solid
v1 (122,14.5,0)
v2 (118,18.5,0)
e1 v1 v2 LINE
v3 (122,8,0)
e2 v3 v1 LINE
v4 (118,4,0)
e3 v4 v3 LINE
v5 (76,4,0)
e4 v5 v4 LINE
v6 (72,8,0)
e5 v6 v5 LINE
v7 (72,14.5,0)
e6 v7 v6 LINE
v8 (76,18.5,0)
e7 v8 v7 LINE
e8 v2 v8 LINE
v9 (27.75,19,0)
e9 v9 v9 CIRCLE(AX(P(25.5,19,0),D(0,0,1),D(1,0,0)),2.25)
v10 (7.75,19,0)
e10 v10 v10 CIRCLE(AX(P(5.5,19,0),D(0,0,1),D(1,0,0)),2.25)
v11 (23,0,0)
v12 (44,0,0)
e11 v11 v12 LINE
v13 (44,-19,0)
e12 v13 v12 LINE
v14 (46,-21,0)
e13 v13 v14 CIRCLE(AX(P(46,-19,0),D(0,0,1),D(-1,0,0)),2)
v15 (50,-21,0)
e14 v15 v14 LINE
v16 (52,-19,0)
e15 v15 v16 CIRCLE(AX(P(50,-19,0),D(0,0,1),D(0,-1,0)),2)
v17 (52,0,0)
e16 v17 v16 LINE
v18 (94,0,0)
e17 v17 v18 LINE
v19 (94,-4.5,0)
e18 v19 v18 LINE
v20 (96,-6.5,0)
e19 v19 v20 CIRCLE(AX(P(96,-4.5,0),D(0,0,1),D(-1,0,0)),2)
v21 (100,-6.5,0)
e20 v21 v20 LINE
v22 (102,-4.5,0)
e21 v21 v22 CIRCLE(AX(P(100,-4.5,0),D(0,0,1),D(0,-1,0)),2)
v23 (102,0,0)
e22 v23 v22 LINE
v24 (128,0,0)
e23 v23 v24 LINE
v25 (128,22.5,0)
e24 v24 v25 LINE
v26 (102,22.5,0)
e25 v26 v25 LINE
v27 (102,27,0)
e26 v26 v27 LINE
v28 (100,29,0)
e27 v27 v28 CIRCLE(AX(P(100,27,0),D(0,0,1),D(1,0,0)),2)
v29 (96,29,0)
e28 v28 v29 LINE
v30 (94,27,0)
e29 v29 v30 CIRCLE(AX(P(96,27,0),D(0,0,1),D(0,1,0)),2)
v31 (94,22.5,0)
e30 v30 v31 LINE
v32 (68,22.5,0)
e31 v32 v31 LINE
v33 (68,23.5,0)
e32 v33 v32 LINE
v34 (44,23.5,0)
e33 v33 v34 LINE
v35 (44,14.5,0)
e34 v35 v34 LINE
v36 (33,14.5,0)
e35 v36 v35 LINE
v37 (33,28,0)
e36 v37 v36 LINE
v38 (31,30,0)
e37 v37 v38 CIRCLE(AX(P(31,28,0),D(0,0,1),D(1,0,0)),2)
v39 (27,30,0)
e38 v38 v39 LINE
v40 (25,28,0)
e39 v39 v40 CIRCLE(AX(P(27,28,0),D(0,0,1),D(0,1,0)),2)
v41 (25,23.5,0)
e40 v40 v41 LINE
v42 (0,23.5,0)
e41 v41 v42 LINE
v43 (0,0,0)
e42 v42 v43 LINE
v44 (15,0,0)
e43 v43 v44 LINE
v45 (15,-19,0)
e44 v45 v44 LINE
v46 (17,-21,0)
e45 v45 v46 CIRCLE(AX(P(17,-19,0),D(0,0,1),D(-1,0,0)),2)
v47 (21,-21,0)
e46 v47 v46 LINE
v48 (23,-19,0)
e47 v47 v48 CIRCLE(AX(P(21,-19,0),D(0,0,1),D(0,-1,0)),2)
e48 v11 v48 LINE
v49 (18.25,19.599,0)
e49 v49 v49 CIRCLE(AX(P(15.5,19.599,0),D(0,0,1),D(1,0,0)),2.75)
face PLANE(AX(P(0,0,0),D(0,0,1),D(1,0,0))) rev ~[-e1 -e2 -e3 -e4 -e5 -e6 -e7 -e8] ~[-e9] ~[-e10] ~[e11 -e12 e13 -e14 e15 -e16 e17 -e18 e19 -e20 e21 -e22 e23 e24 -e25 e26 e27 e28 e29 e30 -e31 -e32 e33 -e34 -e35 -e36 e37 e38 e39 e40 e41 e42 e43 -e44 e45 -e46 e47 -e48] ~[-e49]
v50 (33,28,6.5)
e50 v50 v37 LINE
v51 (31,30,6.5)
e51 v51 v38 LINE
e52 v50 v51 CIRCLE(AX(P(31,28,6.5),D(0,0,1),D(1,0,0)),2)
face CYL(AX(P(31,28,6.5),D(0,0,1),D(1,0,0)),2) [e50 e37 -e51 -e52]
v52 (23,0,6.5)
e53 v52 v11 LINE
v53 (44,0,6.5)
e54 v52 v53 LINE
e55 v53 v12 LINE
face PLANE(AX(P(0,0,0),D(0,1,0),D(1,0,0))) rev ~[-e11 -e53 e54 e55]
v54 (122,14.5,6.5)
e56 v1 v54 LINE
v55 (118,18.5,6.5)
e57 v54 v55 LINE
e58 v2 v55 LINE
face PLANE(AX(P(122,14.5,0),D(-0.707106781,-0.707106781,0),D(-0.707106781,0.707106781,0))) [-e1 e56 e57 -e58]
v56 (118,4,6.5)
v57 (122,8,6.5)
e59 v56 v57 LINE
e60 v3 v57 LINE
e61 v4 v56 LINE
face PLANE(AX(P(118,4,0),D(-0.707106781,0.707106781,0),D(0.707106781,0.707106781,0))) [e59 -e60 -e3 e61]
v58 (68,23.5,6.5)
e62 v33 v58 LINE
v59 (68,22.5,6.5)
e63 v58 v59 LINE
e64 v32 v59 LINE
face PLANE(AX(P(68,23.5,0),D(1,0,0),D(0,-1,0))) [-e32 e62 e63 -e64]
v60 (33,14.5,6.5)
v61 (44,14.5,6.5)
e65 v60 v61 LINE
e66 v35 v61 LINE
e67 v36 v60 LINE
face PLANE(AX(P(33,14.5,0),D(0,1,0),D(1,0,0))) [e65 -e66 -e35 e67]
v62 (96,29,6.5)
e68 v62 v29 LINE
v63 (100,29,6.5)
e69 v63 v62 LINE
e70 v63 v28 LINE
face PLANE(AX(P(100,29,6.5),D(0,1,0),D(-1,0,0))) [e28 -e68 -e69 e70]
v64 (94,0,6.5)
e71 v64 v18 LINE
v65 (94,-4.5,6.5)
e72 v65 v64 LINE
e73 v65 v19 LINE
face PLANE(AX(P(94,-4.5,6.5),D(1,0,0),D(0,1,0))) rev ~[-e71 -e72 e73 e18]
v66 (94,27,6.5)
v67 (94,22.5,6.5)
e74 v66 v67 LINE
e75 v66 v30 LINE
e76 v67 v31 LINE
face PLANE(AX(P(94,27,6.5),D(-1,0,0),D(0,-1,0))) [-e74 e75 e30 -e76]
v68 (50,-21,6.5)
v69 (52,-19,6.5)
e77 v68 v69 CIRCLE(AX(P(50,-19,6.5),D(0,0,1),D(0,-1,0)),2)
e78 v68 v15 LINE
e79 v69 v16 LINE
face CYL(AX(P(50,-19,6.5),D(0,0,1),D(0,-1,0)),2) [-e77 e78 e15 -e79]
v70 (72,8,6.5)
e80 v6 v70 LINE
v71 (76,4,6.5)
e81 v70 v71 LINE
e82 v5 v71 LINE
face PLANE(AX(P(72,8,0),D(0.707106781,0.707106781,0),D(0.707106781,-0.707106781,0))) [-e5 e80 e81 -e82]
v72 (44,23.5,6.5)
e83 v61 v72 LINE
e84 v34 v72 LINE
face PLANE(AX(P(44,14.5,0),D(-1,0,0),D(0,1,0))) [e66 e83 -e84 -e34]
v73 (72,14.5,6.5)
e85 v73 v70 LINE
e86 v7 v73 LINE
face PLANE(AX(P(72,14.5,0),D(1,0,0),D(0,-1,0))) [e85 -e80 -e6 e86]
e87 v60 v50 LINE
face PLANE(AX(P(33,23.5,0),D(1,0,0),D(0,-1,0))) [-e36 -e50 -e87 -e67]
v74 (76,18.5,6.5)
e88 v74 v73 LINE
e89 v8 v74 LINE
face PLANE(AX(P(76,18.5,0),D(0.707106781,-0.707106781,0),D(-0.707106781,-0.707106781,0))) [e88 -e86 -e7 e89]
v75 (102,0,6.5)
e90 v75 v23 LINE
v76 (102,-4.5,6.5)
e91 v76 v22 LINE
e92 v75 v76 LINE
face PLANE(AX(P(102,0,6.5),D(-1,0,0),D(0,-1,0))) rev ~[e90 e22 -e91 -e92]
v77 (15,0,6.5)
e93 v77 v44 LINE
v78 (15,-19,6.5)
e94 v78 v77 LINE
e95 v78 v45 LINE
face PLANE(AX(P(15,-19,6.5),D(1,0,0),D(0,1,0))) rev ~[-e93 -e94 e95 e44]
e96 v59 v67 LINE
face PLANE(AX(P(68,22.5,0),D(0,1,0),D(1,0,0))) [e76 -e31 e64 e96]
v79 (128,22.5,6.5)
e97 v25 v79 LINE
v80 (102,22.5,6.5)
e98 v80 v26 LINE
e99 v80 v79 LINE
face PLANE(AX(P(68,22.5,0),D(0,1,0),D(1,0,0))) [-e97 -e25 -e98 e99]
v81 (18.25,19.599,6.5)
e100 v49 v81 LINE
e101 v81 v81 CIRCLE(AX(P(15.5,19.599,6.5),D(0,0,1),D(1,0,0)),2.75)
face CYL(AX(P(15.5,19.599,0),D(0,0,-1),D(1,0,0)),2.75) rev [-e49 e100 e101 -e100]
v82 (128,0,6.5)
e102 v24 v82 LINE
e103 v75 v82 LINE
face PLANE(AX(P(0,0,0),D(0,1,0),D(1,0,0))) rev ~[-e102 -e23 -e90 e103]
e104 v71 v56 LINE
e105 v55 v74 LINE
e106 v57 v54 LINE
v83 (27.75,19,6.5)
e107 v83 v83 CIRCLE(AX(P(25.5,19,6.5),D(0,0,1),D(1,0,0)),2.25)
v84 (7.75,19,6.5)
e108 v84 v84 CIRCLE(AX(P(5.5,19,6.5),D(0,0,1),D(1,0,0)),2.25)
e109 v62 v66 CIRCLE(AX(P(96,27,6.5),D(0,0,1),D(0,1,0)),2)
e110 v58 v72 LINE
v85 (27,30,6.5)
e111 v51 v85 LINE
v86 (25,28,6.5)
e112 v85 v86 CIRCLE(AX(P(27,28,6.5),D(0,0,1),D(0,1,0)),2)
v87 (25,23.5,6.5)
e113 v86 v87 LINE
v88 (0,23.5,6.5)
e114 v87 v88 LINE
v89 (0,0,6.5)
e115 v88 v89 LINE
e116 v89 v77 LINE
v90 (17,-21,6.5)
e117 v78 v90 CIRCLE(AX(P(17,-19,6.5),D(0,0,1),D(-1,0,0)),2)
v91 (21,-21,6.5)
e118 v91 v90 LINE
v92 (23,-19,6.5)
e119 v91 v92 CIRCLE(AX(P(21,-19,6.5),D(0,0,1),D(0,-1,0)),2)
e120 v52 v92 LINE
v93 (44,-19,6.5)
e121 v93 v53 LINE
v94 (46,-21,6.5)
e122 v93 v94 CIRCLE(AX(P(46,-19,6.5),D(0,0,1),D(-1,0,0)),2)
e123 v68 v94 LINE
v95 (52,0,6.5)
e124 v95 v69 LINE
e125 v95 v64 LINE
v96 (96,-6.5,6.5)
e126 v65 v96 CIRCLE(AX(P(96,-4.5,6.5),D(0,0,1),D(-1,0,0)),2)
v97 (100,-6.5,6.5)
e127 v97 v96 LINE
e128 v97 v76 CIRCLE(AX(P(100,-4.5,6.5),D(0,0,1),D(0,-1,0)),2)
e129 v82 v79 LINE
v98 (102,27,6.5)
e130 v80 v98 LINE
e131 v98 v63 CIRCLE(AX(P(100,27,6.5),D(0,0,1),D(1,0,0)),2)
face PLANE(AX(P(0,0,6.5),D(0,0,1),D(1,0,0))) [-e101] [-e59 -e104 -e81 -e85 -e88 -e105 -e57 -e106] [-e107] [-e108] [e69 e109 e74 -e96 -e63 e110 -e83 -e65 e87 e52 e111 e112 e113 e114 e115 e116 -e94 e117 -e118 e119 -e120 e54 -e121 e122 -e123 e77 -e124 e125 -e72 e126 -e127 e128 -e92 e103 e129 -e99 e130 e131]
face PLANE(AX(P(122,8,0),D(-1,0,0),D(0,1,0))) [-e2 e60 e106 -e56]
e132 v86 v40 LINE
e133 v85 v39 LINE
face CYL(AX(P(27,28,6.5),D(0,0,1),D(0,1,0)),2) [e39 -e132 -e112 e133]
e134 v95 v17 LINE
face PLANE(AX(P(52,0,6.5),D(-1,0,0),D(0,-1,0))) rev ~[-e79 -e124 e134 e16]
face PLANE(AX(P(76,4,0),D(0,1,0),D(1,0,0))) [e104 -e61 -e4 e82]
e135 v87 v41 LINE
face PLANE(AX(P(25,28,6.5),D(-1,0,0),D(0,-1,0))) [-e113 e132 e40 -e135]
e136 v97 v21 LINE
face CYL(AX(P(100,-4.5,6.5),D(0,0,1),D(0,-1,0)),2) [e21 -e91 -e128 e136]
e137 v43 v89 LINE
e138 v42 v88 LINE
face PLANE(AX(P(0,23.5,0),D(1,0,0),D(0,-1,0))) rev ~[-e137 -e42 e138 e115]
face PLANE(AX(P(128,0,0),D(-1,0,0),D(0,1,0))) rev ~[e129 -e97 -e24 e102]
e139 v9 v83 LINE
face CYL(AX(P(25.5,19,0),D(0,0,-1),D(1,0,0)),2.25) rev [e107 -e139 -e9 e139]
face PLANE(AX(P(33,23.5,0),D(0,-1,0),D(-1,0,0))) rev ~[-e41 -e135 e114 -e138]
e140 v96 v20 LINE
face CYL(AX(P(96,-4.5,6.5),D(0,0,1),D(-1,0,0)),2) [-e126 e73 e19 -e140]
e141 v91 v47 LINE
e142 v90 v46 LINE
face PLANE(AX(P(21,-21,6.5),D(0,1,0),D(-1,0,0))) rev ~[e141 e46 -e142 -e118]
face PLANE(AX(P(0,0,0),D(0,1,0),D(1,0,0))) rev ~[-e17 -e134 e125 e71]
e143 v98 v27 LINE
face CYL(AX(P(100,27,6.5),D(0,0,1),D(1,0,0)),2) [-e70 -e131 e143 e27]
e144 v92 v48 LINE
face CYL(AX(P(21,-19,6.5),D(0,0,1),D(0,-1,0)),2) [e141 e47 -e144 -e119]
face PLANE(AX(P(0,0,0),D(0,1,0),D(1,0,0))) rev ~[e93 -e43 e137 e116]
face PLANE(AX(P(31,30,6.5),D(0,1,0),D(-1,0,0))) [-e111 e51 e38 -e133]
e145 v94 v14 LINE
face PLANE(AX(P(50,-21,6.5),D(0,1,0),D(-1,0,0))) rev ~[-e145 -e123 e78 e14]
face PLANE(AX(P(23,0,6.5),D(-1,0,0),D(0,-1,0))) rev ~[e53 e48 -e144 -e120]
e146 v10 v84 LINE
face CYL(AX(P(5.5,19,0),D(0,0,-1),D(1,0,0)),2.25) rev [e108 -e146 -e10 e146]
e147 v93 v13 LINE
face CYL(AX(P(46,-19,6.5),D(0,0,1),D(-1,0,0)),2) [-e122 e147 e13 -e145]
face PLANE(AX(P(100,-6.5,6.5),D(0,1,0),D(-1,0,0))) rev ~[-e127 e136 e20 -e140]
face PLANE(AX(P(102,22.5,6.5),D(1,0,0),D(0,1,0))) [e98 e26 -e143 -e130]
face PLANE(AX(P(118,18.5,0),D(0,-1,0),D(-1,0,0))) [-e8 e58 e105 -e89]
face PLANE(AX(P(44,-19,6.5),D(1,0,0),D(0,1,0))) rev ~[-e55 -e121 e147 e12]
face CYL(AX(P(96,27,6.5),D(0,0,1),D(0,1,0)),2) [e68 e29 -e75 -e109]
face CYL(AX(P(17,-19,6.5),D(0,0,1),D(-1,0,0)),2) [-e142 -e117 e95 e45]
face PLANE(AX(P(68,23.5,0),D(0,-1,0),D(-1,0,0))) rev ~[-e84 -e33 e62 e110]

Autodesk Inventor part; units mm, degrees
ref_plane "YZ Plane" through (0, 0, 0) normal (1, 0, 0) x (0, 1, 0)
ref_plane "XZ Plane" through (0, 0, 0) normal (0, 1, 0) x (-1, 0, 0)
ref_plane "XY Plane" through (0, 0, 0) normal (0, 0, 1) x (1, 0, 0)
sketch "Sketch1" plane through (0, 0, 0) normal (0, 0, 1) x (1, 0, 0)
  line L0 (0, 0) -> (128, 0)
  line L1 (128, 0) -> (128, 22.5)
  line L2 (0, 23.5) -> (0, 0)
  line L3 (68, 23.5) -> (68, 22.5)
  line L4 (68, 22.5) -> (128, 22.5)
  line L5 (33, 23.5) -> (33, 14.5)
  line L6 (33, 14.5) -> (44, 14.5)
  line L7 (44, 14.5) -> (44, 23.5)
  line L8 (68, 23.5) -> (44, 23.5)
  line L9 (33, 23.5) -> (0, 23.5)
  line L10 (72, 14.5) -> (72, 8)
  line L11 (72, 8) -> (76, 4)
  line L12 (76, 4) -> (118, 4)
  line L13 (118, 4) -> (122, 8)
  line L14 (122, 8) -> (122, 14.5)
  line L15 (122, 14.5) -> (118, 18.5)
  line L16 (118, 18.5) -> (76, 18.5)
  line L17 (76, 18.5) -> (72, 14.5)
  line L18 (68, 22.5) -> (68, 0) construction
  circle A0 centre (5.5, 19) radius 2.25
  circle A1 centre (25.5, 19) radius 2.25
  circle A2 centre (15.5, 19.599) radius 2.75
  circle A3 centre (38.5, 19.599) radius 7.5 construction
  circle A4 centre (38.5, 19.599) radius 4 construction
  point P0 (33, 19)
  dimension "d0" = 128
  dimension "d1" = 23.5
  dimension "d2" = 22.5
  dimension "d3" = 60
  dimension "d4" = 11
  dimension "d5" = 9
  dimension "d6" = 33
  dimension "d7" = 45
  dimension "d8" = 4
  dimension "d9" = 4
  dimension "d10" = 6
  dimension "d11" = 4
  dimension "d12" = 4
  dimension "d13" = 4.5
  dimension "d14" = 4.5
  dimension "d15" = 5.5
  dimension "d16" = 20
  dimension "d17" = 5.5
  dimension "d18" = 8
  dimension "d19" = 15
  dimension "d20" = 10
extrude "Extrusion1" add sketch "Sketch1" along normal blind 6.5
sketch "Sketch2" plane through (0, 0, 6.5) normal (0, 0, 1) x (1, 0, 0)
  line L0 (0, 0) -> (128, 0) projected
  line L1 (128, 0) -> (128, 22.5) projected
  line L2 (128, 22.5) -> (68, 22.5) projected
  line L3 (33, 23.5) -> (0, 23.5) projected
  line L4 (0, 23.5) -> (0, 0) projected
  line L5 (25, 23.5) -> (33, 23.5)
  line L6 (33, 23.5) -> (33, 28)
  line L7 (31, 30) -> (27, 30)
  line L8 (25, 28) -> (25, 23.5)
  line L9 (94, 22.5) -> (102, 22.5)
  line L10 (102, 22.5) -> (102, 27)
  line L11 (100, 29) -> (96, 29)
  line L12 (94, 27) -> (94, 22.5)
  line L13 (15, 0) -> (23, 0)
  line L14 (23, 0) -> (23, -19)
  line L15 (21, -21) -> (17, -21)
  line L16 (15, -19) -> (15, 0)
  line L17 (44, 0) -> (52, 0)
  line L18 (52, 0) -> (52, -19)
  line L19 (50, -21) -> (46, -21)
  line L20 (44, -19) -> (44, 0)
  line L21 (94, 0) -> (102, 0)
  line L22 (102, 0) -> (102, -4.5)
  line L23 (100, -6.5) -> (96, -6.5)
  line L24 (94, -4.5) -> (94, 0)
  arc A0 (27, 30) -> (25, 28) centre (27, 28) ccw
  arc A1 (33, 28) -> (31, 30) centre (31, 28) ccw
  arc A2 (96, 29) -> (94, 27) centre (96, 27) ccw
  arc A3 (102, 27) -> (100, 29) centre (100, 27) ccw
  arc A4 (15, -19) -> (17, -21) centre (17, -19) ccw
  arc A5 (21, -21) -> (23, -19) centre (21, -19) ccw
  arc A6 (44, -19) -> (46, -21) centre (46, -19) ccw
  arc A7 (50, -21) -> (52, -19) centre (50, -19) ccw
  arc A8 (94, -4.5) -> (96, -6.5) centre (96, -4.5) ccw
  arc A9 (100, -6.5) -> (102, -4.5) centre (100, -4.5) ccw
  line L25 (33, 14.5) -> (33, 23.5) projected
  dimension "d23" = 2
  dimension "d24" = 8
  dimension "d25" = 8
  dimension "d26" = 8
  dimension "d27" = 8
  dimension "d28" = 8
  dimension "d29" = 21
  dimension "d30" = 6.5
  dimension "d31" = 6.5
  dimension "d33" = 26
  dimension "d34" = 15
  dimension "d35" = 21
  dimension "d38" = 6.5
extrude "Extrusion2" add sketch "Sketch2" against normal blind 6.5
properties part number "x_iddler_upper_nut_stop"
